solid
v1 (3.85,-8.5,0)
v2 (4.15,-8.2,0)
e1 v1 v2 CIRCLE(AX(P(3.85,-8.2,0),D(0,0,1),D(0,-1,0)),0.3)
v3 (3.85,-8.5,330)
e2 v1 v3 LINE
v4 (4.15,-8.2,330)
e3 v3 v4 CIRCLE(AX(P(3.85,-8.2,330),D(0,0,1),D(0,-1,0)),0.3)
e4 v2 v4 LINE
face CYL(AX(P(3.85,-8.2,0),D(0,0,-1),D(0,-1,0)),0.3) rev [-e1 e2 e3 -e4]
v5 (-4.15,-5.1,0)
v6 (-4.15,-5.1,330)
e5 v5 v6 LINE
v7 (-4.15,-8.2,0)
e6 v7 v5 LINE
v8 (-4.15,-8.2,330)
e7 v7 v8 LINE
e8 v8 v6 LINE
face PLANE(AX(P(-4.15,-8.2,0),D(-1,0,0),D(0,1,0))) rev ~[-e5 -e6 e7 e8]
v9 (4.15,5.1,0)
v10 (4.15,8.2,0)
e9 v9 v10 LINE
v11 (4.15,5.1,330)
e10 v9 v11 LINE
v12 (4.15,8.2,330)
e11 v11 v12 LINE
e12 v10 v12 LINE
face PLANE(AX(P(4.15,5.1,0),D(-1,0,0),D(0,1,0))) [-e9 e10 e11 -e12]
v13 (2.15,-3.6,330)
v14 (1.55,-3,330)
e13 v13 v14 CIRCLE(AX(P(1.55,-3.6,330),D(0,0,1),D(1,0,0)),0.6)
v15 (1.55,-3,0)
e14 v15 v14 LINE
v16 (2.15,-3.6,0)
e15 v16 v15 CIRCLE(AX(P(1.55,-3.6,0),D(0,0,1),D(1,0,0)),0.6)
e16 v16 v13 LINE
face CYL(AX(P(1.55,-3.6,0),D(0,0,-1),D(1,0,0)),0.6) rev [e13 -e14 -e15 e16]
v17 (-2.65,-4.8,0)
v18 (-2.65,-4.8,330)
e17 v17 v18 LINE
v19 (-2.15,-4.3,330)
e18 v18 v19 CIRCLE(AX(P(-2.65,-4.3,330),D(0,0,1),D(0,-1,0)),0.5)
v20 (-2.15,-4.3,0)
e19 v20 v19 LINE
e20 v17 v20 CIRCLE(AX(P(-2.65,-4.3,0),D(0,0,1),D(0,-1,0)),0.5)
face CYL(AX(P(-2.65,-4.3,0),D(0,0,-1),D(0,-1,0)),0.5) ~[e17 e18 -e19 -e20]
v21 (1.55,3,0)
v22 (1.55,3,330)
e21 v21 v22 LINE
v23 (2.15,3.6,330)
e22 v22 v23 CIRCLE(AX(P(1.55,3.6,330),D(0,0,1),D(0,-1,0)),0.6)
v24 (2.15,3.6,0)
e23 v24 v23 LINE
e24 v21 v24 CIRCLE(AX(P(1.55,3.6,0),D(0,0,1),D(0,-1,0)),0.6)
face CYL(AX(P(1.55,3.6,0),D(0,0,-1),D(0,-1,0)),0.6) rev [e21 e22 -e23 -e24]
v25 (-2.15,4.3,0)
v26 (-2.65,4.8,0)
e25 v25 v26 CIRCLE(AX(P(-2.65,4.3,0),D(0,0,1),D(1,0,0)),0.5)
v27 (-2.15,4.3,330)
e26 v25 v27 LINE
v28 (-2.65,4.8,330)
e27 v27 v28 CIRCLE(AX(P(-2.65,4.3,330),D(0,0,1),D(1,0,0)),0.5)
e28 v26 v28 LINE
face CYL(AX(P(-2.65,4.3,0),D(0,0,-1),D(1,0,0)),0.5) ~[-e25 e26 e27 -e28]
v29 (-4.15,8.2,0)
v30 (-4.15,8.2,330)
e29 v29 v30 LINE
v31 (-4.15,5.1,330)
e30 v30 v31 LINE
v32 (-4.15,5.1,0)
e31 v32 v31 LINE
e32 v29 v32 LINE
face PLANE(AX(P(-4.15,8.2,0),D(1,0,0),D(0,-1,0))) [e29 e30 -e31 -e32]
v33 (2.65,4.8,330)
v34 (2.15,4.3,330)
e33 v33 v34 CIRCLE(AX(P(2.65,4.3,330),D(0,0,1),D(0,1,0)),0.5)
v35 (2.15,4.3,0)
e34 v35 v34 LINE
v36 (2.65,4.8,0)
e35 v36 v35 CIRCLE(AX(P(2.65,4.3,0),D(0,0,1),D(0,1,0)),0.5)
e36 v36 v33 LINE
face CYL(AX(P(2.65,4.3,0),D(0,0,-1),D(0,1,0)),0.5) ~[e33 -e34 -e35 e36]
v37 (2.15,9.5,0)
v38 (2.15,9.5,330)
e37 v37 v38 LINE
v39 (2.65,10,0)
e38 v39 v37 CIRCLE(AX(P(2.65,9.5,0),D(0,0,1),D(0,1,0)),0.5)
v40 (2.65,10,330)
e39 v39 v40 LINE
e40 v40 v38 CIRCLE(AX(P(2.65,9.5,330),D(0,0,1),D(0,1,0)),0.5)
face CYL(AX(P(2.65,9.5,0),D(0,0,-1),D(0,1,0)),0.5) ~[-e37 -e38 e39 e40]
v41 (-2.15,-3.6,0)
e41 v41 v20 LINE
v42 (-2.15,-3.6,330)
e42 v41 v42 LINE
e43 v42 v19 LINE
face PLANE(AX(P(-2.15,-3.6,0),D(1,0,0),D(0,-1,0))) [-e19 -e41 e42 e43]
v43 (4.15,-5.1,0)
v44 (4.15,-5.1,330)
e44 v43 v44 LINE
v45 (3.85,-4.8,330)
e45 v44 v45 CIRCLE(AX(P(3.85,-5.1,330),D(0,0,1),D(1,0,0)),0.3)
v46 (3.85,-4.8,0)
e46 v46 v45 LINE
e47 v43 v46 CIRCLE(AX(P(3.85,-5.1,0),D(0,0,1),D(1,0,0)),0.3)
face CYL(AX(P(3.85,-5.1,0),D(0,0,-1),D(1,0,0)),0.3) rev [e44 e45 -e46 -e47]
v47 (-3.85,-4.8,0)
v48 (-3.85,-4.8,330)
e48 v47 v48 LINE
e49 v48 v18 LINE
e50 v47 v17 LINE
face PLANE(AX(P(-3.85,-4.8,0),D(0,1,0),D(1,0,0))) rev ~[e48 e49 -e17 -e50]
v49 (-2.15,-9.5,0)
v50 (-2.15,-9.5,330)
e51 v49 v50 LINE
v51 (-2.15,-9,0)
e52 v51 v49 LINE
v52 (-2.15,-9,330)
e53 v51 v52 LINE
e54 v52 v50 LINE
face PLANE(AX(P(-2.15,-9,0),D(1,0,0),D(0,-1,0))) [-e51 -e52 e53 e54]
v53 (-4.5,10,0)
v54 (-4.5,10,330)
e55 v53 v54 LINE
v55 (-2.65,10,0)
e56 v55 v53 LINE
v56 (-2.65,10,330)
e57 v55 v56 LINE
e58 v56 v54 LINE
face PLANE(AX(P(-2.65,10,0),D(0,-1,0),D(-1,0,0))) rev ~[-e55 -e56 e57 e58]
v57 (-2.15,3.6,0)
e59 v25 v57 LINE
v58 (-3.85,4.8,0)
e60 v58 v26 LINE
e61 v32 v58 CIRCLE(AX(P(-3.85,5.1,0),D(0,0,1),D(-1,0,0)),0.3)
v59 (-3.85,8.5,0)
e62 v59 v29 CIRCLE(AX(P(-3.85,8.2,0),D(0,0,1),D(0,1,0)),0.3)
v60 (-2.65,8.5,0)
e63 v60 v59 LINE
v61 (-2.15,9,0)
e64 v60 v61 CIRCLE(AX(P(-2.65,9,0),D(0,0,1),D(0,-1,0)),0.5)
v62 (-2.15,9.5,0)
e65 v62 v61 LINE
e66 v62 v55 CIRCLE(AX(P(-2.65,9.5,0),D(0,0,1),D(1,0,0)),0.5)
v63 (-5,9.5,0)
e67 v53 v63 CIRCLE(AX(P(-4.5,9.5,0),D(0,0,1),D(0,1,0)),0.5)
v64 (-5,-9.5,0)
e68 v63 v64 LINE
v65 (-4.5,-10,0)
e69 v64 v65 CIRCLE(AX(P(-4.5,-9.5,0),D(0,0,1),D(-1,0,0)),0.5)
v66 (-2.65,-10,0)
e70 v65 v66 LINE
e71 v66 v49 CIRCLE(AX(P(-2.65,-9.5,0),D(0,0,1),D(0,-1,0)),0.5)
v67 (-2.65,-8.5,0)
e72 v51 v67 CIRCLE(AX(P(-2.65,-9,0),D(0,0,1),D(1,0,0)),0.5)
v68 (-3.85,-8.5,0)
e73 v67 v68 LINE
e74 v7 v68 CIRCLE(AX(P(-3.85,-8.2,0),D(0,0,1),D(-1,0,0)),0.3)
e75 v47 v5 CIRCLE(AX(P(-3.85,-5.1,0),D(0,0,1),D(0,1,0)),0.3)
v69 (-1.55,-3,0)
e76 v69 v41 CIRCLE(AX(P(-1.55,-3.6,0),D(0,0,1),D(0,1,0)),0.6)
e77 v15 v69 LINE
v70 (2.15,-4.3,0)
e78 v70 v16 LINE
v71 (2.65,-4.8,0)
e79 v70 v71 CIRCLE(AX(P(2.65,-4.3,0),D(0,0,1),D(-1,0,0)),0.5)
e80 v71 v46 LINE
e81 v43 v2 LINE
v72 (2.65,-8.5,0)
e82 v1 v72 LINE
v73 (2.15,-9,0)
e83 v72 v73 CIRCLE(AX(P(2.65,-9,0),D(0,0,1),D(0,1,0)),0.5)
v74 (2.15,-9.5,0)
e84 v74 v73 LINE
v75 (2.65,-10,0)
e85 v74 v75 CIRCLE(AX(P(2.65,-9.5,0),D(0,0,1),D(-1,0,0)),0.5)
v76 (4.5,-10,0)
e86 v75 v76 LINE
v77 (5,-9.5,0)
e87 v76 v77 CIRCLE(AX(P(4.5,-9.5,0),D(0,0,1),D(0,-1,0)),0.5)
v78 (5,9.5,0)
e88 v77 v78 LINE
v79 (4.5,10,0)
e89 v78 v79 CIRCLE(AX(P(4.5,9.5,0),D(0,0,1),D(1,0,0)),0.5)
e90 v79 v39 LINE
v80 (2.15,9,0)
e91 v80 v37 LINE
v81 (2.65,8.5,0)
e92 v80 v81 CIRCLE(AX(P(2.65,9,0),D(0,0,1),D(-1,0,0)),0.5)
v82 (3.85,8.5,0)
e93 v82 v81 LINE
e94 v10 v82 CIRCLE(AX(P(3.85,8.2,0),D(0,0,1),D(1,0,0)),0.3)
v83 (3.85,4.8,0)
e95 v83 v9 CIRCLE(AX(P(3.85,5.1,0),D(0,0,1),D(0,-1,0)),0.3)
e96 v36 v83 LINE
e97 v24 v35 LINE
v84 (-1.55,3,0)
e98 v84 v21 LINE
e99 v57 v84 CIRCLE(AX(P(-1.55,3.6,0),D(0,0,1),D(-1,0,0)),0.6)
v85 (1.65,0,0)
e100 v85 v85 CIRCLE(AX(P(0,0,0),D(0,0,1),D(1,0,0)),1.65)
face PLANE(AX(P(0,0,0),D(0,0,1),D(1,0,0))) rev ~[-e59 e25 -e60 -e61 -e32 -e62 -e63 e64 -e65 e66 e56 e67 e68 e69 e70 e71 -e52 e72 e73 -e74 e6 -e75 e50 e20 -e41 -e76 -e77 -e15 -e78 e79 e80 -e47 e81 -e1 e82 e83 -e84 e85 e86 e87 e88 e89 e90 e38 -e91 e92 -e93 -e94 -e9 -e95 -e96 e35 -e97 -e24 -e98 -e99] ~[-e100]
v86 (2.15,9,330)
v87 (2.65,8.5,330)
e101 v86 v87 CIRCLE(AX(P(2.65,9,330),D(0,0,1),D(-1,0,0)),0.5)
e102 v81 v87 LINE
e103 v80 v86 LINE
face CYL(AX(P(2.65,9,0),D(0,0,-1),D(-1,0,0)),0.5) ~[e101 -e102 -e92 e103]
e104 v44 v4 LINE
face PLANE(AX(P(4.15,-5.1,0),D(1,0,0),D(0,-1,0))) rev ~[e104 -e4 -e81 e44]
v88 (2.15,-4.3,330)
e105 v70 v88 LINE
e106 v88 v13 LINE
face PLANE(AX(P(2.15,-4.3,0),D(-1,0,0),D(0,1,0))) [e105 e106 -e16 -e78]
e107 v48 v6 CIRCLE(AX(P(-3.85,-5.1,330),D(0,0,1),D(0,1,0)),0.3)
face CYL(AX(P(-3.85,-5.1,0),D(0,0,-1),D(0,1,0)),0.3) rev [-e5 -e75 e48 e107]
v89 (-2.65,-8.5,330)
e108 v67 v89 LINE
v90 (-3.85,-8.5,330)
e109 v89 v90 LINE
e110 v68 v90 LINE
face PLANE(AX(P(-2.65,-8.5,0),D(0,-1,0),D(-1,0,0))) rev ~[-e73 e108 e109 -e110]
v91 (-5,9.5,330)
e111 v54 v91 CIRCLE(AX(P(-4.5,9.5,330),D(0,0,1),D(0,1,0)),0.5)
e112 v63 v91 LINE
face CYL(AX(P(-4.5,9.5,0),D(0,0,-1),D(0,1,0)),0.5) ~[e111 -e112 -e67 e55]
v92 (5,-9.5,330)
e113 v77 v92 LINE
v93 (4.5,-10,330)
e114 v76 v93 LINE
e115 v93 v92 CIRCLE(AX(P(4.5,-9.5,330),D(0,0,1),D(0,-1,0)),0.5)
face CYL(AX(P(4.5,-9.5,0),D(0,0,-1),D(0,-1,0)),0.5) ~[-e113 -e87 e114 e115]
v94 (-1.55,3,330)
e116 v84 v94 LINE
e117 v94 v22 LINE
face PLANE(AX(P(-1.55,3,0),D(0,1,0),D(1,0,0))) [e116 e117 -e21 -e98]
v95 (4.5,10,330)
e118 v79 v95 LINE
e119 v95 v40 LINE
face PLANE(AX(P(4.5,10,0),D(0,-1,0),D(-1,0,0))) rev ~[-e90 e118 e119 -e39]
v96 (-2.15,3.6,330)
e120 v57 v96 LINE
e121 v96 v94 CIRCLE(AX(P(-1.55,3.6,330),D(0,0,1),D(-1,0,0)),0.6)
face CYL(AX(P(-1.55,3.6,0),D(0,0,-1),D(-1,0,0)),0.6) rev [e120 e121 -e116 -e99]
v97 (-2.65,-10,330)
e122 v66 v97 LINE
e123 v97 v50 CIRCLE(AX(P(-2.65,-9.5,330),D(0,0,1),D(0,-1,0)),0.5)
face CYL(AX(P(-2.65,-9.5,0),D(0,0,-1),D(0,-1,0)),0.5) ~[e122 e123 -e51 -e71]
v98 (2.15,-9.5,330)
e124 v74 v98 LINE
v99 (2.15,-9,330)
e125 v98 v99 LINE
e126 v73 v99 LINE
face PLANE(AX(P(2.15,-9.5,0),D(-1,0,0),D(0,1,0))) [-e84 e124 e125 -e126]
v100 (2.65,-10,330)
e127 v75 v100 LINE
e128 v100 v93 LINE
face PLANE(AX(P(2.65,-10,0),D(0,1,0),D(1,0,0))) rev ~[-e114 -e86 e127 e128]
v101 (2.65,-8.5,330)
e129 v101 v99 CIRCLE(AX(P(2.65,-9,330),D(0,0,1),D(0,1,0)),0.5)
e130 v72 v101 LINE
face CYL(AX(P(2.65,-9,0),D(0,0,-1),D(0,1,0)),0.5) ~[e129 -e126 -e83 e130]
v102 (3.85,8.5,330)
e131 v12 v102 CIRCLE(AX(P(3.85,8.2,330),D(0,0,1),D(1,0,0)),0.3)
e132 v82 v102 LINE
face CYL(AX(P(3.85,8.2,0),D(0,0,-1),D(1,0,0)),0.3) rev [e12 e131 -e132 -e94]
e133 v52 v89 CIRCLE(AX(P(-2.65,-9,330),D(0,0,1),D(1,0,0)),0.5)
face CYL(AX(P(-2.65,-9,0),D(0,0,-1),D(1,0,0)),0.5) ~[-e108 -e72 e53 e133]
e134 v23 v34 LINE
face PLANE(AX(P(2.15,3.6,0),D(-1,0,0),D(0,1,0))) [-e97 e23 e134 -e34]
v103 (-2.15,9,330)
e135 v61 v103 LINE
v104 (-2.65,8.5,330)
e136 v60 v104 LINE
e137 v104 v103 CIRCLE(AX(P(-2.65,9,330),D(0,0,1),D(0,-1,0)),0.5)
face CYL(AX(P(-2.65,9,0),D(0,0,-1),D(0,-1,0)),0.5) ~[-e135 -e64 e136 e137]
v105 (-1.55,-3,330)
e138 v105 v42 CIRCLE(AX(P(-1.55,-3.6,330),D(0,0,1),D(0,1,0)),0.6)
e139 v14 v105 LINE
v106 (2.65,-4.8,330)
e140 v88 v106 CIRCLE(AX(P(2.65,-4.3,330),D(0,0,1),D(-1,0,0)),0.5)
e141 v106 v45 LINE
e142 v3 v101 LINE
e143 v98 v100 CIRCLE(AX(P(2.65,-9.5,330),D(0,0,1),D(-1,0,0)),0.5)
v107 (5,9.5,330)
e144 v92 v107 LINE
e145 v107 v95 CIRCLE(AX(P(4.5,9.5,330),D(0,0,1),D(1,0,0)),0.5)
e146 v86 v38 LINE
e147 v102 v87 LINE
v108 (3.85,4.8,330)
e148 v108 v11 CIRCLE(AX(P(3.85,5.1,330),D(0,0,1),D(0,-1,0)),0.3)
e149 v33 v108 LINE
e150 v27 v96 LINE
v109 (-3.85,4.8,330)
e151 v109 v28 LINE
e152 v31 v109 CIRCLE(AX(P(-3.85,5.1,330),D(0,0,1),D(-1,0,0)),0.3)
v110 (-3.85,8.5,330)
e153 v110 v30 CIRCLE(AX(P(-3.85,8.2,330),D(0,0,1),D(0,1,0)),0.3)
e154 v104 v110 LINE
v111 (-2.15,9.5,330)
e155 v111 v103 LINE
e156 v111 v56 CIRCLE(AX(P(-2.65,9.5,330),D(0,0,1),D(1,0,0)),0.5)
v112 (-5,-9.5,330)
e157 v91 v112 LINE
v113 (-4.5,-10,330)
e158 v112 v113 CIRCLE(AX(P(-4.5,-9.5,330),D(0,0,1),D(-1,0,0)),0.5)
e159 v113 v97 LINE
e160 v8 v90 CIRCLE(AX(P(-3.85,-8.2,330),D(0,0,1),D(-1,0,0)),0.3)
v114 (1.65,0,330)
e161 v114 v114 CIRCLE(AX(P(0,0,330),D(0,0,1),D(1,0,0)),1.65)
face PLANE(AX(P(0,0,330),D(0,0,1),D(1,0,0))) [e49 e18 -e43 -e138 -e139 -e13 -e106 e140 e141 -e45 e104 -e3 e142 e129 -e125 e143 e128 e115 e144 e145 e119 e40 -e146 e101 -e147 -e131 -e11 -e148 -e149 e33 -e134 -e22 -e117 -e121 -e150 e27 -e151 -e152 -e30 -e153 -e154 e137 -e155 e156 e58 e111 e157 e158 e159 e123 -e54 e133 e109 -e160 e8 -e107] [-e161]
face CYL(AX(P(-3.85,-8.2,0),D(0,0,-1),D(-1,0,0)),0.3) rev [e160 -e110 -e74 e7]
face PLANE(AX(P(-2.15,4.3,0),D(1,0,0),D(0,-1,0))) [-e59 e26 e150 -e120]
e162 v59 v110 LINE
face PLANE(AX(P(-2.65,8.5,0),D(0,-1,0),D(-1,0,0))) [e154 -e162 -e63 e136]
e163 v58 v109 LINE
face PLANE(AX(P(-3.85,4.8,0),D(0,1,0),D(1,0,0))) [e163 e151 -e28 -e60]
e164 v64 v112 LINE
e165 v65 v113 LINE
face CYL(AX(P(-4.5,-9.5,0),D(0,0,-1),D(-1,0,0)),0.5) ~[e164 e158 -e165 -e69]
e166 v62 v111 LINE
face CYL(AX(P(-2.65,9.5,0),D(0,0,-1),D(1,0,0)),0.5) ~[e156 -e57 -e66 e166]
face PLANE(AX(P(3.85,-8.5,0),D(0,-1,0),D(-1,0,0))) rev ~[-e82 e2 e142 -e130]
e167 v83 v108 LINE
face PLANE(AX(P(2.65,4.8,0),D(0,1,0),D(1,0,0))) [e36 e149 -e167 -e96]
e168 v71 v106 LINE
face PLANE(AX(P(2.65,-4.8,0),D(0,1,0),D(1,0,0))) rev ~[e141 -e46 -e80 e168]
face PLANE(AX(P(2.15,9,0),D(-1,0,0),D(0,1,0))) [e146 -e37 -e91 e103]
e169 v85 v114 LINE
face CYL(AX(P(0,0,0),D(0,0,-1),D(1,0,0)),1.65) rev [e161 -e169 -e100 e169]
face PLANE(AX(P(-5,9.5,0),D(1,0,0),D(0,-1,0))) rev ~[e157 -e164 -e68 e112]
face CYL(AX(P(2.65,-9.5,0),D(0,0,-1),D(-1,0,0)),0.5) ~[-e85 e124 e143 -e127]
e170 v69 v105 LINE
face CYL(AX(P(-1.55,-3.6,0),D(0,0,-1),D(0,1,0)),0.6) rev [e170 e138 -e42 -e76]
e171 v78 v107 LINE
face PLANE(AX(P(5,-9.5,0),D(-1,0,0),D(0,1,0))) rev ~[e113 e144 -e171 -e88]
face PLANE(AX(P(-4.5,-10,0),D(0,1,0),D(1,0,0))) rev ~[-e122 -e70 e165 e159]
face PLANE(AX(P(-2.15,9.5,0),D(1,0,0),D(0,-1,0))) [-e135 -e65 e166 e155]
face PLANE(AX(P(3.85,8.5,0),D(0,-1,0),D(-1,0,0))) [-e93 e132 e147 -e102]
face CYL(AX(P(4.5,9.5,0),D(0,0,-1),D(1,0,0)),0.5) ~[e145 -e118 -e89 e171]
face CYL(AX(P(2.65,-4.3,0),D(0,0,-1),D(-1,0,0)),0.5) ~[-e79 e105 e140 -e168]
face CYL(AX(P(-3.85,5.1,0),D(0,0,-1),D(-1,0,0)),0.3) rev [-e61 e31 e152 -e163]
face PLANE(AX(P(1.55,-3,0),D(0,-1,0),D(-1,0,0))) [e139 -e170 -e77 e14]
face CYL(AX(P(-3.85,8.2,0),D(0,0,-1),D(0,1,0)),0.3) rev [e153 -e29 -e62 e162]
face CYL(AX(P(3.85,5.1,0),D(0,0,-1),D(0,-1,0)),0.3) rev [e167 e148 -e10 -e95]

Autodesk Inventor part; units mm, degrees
ref_plane "YZ Plane" through (0, 0, 0) normal (1, 0, 0) x (0, 1, 0)
ref_plane "XZ Plane" through (0, 0, 0) normal (0, 1, 0) x (-1, 0, 0)
ref_plane "XY Plane" through (0, 0, 0) normal (0, 0, 1) x (1, 0, 0)
sketch "BaseI" plane through (0, 0, 0) normal (0, 0, 1) x (1, 0, 0)
  line L0 (-4.5, -10) -> (-2.65, -10)
  line L1 (5, -9.5) -> (5, 9.5)
  line L2 (4.5, 10) -> (2.65, 10)
  line L3 (-5, 9.5) -> (-5, -9.5)
  line L4 (-5, -10) -> (5, 10) construction
  line L5 (5, -10) -> (-5, 10) construction
  line L6 (3.85, 8.5) -> (2.65, 8.5)
  line L7 (-4.15, 8.2) -> (-4.15, 5.1)
  line L8 (-3.85, 4.8) -> (-2.65, 4.8)
  line L9 (4.15, 5.1) -> (4.15, 8.2)
  line L10 (4.15, 8.5) -> (-4.15, 4.8) construction
  line L11 (-4.15, 8.5) -> (4.15, 4.8) construction
  line L12 (-1.55, 3) -> (1.55, 3)
  line L13 (2.15, 3.6) -> (2.15, 4.3)
  line L14 (-2.15, 9.5) -> (-2.15, 9)
  line L15 (-2.15, 3) -> (2.15, 10) construction
  line L16 (2.15, 3) -> (-2.15, 10) construction
  line L17 (3.85, -8.5) -> (2.65, -8.5)
  line L18 (-4.15, -8.2) -> (-4.15, -5.1)
  line L19 (-3.85, -4.8) -> (-2.65, -4.8)
  line L20 (4.15, -5.1) -> (4.15, -8.2)
  line L21 (4.15, -8.5) -> (-4.15, -4.8) construction
  line L22 (-4.15, -8.5) -> (4.15, -4.8) construction
  line L23 (1.55, -3) -> (-1.55, -3)
  line L24 (-2.15, -3.6) -> (-2.15, -4.3)
  line L25 (2.15, -9.5) -> (2.15, -9)
  line L26 (2.15, -3) -> (-2.15, -10) construction
  line L27 (-2.15, -3) -> (2.15, -10) construction
  arc A0 (-4.5, 10) -> (-5, 9.5) centre (-4.5, 9.5) ccw
  arc A1 (5, 9.5) -> (4.5, 10) centre (4.5, 9.5) ccw
  arc A2 (4.5, -10) -> (5, -9.5) centre (4.5, -9.5) ccw
  arc A3 (-5, -9.5) -> (-4.5, -10) centre (-4.5, -9.5) ccw
  line L28 (-2.65, 10) -> (-4.5, 10)
  line L29 (2.65, -10) -> (4.5, -10)
  arc A4 (-3.85, 8.5) -> (-4.15, 8.2) centre (-3.85, 8.2) ccw
  arc A5 (-4.15, 5.1) -> (-3.85, 4.8) centre (-3.85, 5.1) ccw
  arc A6 (4.15, 8.2) -> (3.85, 8.5) centre (3.85, 8.2) ccw
  arc A7 (3.85, 4.8) -> (4.15, 5.1) centre (3.85, 5.1) ccw
  arc A8 (-3.85, -4.8) -> (-4.15, -5.1) centre (-3.85, -5.1) ccw
  arc A9 (-4.15, -8.2) -> (-3.85, -8.5) centre (-3.85, -8.2) ccw
  arc A10 (4.15, -5.1) -> (3.85, -4.8) centre (3.85, -5.1) ccw
  arc A11 (3.85, -8.5) -> (4.15, -8.2) centre (3.85, -8.2) ccw
  arc A12 (-2.15, 3.6) -> (-1.55, 3) centre (-1.55, 3.6) ccw
  arc A13 (1.55, 3) -> (2.15, 3.6) centre (1.55, 3.6) ccw
  arc A14 (-1.55, -3) -> (-2.15, -3.6) centre (-1.55, -3.6) ccw
  arc A15 (2.15, -3.6) -> (1.55, -3) centre (1.55, -3.6) ccw
  arc A16 (-2.15, 9.5) -> (-2.65, 10) centre (-2.65, 9.5) ccw
  arc A17 (2.65, 10) -> (2.15, 9.5) centre (2.65, 9.5) ccw
  line L30 (-2.65, 8.5) -> (-3.85, 8.5)
  line L31 (2.65, 4.8) -> (3.85, 4.8)
  line L32 (2.15, 9) -> (2.15, 9.5)
  line L33 (-2.15, 4.3) -> (-2.15, 3.6)
  line L34 (2.15, -4.3) -> (2.15, -3.6)
  line L35 (-2.15, -9) -> (-2.15, -9.5)
  line L36 (2.65, -4.8) -> (3.85, -4.8)
  line L37 (-2.65, -8.5) -> (-3.85, -8.5)
  arc A18 (-2.15, 4.3) -> (-2.65, 4.8) centre (-2.65, 4.3) ccw
  arc A19 (2.65, 4.8) -> (2.15, 4.3) centre (2.65, 4.3) ccw
  arc A20 (2.15, 9) -> (2.65, 8.5) centre (2.65, 9) ccw
  arc A21 (-2.65, 8.5) -> (-2.15, 9) centre (-2.65, 9) ccw
  arc A22 (-2.65, -4.8) -> (-2.15, -4.3) centre (-2.65, -4.3) ccw
  arc A23 (2.15, -4.3) -> (2.65, -4.8) centre (2.65, -4.3) ccw
  arc A24 (2.65, -8.5) -> (2.15, -9) centre (2.65, -9) ccw
  arc A25 (-2.15, -9) -> (-2.65, -8.5) centre (-2.65, -9) ccw
  arc A26 (-2.65, -10) -> (-2.15, -9.5) centre (-2.65, -9.5) ccw
  arc A27 (2.15, -9.5) -> (2.65, -10) centre (2.65, -9.5) ccw
  circle A28 centre (0, 0) radius 1.65
  point P0 (0, 6.65)
  point P1 (0, 6.5)
  point P2 (0, -6.65)
  point P3 (0, -6.5)
  point P4 (0, 6.5)
  point P5 (0, 10)
  point P6 (0, -6.5)
  point P7 (0, -10)
  point P8 (0, 6.65)
  point P9 (0, 10)
  point P10 (0, 6.65)
  point P11 (0, -6.65)
  point P12 (0, -10)
  point P13 (0, -6.5)
  point P14 (0, -6.65)
  point P15 (0, 6.5)
  dimension "d0" = 10
  dimension "d1" = 20
  dimension "d2" = 7
  dimension "d3" = 4.3
  dimension "d4" = 7
  dimension "d5" = 4.3
  dimension "d6" = 8.3
  dimension "d7" = 8.3
  dimension "d8" = 3.7
  dimension "d9" = 3.7
  dimension "d10" = 1.5
  dimension "d11" = 1.5
  dimension "d12" = 0.5
  dimension "d13" = 0.3
  dimension "d14" = 0.6
  dimension "d15" = 0.5
  dimension "d16" = 0.5
  dimension "d17" = 3.3
extrude "押し出し1" add sketch "BaseI" along normal blind 330
properties part number "I330" material "アルミニウム 6061"
